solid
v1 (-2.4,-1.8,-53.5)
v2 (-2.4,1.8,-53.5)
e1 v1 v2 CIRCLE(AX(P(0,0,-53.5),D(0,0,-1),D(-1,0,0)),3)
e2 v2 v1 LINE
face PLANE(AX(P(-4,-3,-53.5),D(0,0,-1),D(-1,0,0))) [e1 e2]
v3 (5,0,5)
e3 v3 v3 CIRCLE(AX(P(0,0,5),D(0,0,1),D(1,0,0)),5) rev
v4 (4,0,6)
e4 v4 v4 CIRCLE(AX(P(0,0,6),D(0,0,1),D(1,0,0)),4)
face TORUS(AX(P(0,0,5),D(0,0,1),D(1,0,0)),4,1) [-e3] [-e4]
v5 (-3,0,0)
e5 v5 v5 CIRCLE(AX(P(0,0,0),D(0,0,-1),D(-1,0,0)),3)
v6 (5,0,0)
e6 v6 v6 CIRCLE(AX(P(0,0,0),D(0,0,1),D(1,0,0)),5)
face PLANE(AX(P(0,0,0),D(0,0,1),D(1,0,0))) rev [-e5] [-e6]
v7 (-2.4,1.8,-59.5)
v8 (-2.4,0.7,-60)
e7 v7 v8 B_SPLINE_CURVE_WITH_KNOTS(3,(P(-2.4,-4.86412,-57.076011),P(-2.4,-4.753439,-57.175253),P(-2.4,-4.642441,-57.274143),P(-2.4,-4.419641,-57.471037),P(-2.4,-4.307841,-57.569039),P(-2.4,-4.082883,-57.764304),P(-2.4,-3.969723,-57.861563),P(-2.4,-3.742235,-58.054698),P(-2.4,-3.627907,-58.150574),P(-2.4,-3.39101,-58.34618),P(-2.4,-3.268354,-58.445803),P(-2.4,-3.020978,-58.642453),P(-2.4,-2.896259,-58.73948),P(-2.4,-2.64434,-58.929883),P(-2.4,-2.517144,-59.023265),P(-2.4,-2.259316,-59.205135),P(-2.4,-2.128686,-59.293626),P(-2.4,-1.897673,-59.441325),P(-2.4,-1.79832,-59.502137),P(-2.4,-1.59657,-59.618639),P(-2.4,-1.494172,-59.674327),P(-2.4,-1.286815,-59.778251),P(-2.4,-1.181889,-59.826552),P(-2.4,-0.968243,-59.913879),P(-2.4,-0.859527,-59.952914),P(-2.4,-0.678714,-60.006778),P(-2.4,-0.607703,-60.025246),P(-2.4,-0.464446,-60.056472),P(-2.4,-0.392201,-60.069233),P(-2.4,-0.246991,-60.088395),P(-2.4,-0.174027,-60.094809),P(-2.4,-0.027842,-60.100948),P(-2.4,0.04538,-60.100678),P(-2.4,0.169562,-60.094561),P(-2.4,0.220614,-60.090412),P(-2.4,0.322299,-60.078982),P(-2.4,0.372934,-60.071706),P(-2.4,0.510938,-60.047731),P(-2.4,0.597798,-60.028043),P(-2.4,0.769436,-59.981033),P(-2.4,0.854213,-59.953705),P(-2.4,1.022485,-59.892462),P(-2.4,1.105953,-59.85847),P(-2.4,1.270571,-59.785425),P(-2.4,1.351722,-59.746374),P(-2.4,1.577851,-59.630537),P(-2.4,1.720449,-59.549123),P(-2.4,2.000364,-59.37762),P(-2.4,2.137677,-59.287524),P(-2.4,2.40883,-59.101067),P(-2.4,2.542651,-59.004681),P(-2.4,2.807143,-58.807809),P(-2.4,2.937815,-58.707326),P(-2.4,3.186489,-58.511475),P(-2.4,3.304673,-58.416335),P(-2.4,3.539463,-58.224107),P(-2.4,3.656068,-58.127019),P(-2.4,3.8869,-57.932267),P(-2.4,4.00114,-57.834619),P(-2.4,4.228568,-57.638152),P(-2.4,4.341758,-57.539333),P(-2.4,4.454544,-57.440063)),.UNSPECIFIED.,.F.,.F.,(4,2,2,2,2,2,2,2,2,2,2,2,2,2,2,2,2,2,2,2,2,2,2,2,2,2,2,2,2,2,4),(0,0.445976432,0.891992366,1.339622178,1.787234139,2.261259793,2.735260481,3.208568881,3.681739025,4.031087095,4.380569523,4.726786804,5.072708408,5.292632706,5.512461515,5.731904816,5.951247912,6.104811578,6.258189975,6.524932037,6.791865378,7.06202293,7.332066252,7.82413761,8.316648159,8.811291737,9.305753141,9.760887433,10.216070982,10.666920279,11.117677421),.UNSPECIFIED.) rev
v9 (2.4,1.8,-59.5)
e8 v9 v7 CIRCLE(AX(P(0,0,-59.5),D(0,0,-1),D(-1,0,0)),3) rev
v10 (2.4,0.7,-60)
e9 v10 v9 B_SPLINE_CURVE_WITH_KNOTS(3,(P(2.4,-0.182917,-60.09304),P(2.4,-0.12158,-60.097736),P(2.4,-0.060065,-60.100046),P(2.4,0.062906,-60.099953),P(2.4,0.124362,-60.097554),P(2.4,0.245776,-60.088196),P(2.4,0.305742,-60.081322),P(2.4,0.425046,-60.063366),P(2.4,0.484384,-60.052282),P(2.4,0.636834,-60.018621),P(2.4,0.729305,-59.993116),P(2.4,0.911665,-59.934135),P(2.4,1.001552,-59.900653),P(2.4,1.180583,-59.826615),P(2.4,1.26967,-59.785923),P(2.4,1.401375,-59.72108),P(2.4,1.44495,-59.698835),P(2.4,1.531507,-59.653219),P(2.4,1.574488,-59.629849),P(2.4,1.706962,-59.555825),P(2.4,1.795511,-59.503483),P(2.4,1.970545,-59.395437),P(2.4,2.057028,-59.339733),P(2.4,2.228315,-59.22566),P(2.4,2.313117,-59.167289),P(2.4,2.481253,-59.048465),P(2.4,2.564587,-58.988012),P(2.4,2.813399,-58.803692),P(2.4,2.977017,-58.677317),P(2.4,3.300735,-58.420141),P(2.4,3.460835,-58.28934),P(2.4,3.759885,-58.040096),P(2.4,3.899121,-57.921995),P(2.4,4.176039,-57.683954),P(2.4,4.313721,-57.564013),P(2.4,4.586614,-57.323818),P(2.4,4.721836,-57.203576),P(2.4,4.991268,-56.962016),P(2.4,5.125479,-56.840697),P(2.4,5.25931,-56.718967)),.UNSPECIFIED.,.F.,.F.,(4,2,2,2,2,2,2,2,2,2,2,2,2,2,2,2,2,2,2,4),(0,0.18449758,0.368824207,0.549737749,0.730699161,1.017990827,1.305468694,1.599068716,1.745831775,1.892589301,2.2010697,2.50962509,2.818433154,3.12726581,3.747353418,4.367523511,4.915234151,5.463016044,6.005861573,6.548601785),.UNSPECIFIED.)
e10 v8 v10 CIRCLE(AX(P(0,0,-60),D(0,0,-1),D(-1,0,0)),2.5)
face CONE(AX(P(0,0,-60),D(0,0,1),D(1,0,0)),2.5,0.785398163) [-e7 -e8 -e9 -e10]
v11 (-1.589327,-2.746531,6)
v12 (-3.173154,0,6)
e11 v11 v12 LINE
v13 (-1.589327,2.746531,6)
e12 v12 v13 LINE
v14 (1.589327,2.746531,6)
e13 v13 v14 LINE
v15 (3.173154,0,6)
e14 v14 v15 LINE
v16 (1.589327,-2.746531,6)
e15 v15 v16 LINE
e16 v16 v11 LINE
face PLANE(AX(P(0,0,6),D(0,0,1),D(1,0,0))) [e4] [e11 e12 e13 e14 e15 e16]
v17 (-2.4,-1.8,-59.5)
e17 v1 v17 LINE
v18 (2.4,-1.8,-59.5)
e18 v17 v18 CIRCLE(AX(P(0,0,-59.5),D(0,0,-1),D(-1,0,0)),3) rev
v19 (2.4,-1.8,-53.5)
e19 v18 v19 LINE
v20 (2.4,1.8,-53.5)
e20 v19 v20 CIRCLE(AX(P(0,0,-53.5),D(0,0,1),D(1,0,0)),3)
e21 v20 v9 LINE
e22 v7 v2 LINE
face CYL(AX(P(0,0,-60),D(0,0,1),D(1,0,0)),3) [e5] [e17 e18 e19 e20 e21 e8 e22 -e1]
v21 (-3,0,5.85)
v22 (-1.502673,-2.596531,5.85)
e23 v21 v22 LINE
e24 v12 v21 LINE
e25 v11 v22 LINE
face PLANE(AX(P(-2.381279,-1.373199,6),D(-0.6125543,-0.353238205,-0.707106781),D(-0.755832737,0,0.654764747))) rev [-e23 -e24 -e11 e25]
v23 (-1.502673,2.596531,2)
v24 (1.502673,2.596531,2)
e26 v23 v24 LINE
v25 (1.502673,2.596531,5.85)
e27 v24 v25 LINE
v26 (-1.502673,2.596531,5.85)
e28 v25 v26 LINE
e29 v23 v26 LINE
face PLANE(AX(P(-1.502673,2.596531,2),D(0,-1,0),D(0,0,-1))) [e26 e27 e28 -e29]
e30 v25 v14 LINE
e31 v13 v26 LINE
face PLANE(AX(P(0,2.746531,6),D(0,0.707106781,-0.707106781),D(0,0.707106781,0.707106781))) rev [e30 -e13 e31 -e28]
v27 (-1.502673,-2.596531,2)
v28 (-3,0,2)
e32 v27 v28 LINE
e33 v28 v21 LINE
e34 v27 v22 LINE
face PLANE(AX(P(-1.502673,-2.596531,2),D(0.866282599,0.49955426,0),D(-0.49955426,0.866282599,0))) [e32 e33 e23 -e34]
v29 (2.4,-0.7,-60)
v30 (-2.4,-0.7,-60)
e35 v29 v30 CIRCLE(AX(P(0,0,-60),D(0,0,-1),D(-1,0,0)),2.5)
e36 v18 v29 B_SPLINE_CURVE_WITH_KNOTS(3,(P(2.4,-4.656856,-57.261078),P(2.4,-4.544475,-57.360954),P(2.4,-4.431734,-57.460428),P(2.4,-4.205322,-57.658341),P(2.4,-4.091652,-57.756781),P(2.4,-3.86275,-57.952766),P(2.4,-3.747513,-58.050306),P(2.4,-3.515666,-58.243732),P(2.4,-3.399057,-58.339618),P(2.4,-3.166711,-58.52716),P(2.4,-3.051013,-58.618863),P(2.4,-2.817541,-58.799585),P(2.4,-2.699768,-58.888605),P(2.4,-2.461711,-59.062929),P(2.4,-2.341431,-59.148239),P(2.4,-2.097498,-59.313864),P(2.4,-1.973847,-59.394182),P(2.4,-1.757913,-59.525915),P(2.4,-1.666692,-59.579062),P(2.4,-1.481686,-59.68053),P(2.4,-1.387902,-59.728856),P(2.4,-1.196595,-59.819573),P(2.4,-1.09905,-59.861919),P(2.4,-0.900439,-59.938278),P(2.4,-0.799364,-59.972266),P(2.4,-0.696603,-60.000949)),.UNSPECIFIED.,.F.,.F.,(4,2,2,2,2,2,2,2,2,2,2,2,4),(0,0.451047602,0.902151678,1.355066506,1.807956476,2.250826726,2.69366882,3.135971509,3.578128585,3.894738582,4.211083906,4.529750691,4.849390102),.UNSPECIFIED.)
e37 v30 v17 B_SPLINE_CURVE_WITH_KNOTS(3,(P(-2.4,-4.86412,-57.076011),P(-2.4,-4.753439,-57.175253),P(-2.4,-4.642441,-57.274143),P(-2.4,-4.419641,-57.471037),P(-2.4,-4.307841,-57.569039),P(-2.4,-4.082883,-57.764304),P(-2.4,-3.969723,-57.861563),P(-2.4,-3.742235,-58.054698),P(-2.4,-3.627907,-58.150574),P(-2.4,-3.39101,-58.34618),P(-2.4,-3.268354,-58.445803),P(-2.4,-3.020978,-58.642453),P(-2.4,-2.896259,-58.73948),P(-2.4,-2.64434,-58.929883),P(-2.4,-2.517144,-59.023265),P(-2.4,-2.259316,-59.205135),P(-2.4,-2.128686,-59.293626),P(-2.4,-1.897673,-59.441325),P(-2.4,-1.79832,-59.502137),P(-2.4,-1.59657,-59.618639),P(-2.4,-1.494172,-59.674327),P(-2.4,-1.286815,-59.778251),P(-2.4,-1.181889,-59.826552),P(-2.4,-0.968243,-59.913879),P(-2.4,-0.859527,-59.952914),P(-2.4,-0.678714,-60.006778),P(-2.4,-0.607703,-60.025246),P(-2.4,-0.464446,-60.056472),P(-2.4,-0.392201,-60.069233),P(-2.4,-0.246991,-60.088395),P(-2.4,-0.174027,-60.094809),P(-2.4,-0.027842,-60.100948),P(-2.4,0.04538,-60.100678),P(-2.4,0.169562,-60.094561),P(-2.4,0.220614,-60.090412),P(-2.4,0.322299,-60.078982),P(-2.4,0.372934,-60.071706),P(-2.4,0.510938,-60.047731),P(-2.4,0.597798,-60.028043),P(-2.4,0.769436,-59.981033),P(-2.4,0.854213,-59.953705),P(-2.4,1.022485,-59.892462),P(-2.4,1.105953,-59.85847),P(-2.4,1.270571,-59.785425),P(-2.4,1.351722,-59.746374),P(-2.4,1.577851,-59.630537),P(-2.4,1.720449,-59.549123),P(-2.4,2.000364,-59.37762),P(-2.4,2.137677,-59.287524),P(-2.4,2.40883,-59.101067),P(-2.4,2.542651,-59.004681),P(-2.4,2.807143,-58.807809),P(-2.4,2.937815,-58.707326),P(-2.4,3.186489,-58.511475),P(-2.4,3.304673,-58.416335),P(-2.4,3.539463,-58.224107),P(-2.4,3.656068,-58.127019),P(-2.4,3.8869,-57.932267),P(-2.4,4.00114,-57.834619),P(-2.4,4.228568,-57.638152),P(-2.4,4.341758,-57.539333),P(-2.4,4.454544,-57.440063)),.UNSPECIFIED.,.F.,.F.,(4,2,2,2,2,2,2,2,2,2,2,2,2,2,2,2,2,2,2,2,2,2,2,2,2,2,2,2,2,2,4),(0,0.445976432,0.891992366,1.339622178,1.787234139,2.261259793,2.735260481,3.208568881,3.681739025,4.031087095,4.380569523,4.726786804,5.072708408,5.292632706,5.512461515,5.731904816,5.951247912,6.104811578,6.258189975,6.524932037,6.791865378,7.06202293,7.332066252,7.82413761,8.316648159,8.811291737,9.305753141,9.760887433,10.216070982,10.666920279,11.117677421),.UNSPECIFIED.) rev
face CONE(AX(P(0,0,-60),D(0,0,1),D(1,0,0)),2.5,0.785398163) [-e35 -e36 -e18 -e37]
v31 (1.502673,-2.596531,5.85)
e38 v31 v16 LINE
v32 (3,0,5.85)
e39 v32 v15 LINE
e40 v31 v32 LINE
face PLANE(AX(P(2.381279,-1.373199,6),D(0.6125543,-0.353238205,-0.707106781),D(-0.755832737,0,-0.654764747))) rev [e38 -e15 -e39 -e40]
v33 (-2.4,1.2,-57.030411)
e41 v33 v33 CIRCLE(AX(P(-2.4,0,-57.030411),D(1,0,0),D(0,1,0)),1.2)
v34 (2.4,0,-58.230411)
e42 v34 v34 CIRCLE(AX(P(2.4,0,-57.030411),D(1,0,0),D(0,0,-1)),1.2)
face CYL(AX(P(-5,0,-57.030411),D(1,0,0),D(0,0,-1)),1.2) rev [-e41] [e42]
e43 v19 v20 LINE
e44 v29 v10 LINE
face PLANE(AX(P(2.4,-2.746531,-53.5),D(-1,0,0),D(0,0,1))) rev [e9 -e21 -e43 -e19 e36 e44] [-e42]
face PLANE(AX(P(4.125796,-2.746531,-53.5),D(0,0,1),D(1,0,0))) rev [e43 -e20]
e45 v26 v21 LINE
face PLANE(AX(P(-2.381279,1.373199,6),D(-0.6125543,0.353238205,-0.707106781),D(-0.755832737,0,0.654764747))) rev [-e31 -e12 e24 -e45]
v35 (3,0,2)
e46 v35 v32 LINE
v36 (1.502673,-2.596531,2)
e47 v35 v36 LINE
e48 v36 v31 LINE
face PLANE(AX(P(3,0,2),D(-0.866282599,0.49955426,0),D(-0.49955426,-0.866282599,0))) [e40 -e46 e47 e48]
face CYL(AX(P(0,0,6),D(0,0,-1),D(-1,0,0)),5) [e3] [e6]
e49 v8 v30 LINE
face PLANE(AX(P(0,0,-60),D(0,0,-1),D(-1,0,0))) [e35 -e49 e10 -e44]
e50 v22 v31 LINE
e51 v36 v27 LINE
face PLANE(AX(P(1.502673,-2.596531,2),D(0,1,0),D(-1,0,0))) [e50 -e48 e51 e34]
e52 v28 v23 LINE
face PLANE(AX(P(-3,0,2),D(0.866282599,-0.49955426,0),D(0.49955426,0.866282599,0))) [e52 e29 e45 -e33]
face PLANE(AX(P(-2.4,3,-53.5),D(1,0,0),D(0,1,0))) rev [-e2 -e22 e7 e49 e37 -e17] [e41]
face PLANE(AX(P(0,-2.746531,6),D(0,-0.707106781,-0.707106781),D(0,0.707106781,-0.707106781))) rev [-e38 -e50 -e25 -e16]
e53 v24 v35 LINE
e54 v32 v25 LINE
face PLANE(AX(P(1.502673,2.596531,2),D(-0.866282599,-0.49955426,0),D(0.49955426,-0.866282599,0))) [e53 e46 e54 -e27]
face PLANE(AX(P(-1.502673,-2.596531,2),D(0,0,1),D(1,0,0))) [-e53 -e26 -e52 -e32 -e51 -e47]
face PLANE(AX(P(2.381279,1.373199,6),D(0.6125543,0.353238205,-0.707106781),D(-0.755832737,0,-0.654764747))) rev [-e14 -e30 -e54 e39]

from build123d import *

# Parameters (mm, degrees)
ESQUISSE1_R             = 5
BASE_EXTRUSION_DEPTH    = 6
ENL_V_MAT_EXTRU_1_DEPTH = 4
CONG_1_R                = 1
CHANFREIN3_SIZE         = 0.15
ESQUISSE4_R             = 3
BOSS_EXTRU_1_DEPTH      = 60
CHANFREIN4_SIZE         = 0.5
ESQUISSE5_W             = 1.725795971
ESQUISSE5_H             = 5.746530977
ENL_V_MAT_EXTRU_2_DEPTH = 6.5
ESQUISSE6_W             = 1.6
ESQUISSE6_H             = 6
ENL_V_MAT_EXTRU_3_DEPTH = 6.5
ESQUISSE7_R             = 1.2
ENL_V_MAT_EXTRU_4_DEPTH = 61.661025379


with BuildPart() as part:
    # Esquisse1 → Base-Extrusion (new body)
    with BuildSketch(Plane.XY):
        Circle(ESQUISSE1_R)
    extrude(amount=BASE_EXTRUSION_DEPTH)

    # Esquisse3 → Enlèv. mat.-Extru.1 (cut)
    with BuildSketch(Plane.XY.offset(6)):
        Polygon((-3, 0), (-1.502673246, 2.596530977), (1.502673246, 2.596530977), (3, 0), (1.502673246, -2.596530977), (-1.502673246, -2.596530977), align=None)
    extrude(amount=-ENL_V_MAT_EXTRU_1_DEPTH, mode=Mode.SUBTRACT)

    # Congé1
    cong_1_edges = [part.edges().sort_by_distance(p)[0] for p in [
        (-5, 0, 6),
    ]]
    fillet(cong_1_edges, radius=CONG_1_R)

    # Chanfrein3
    chanfrein3_edges = [part.edges().sort_by_distance(p)[0] for p in [
        (-2.251336623, -1.298265489, 6),
        (0, -2.596530977, 6),
        (2.251336623, -1.298265489, 6),
        (2.251336623, 1.298265489, 6),
        (0, 2.596530977, 6),
        (-2.251336623, 1.298265489, 6),
    ]]
    chamfer(chanfrein3_edges, length=CHANFREIN3_SIZE)

    # Esquisse4 → Boss.-Extru.1 (add)
    with BuildSketch(Plane(origin=(0, 0, 0), x_dir=(-1, 0, 0), z_dir=(0, 0, -1))):
        with Locations(Location((0, 0, 0), (0, 0, 216.869897646))):
            Circle(ESQUISSE4_R)
    extrude(amount=BOSS_EXTRU_1_DEPTH)

    # Chanfrein4
    chanfrein4_edges = [part.edges().sort_by_distance(p)[0] for p in [
        (-2.4, 1.8, -60),
    ]]
    chamfer(chanfrein4_edges, length=CHANFREIN4_SIZE)

    # Esquisse5 → Enlèv. mat.-Extru.2 (cut)
    with BuildSketch(Plane(origin=(0, 0, -60), x_dir=(-1, 0, 0), z_dir=(0, 0, -1))):
        with Locations((-3.262897986, 0.126734511)):
            Rectangle(ESQUISSE5_W, ESQUISSE5_H)
    extrude(amount=-ENL_V_MAT_EXTRU_2_DEPTH, mode=Mode.SUBTRACT)

    # Esquisse6 → Enlèv. mat.-Extru.3 (cut)
    with BuildSketch(Plane(origin=(0, 0, -60), x_dir=(-1, 0, 0), z_dir=(0, 0, -1))):
        with Locations((3.2, 0)):
            Rectangle(ESQUISSE6_W, ESQUISSE6_H)
    extrude(amount=-ENL_V_MAT_EXTRU_3_DEPTH, mode=Mode.SUBTRACT)

    # Esquisse7 → Enlèv. mat.-Extru.4 (cut, through all)
    with BuildSketch(Plane(origin=(2.4, 0, 0), x_dir=(0, 0, -1), z_dir=(1, 0, 0))):
        with Locations((57.030411383, 0)):
            Circle(ESQUISSE7_R)
    extrude(amount=-ENL_V_MAT_EXTRU_4_DEPTH, mode=Mode.SUBTRACT)


solid = part.part
